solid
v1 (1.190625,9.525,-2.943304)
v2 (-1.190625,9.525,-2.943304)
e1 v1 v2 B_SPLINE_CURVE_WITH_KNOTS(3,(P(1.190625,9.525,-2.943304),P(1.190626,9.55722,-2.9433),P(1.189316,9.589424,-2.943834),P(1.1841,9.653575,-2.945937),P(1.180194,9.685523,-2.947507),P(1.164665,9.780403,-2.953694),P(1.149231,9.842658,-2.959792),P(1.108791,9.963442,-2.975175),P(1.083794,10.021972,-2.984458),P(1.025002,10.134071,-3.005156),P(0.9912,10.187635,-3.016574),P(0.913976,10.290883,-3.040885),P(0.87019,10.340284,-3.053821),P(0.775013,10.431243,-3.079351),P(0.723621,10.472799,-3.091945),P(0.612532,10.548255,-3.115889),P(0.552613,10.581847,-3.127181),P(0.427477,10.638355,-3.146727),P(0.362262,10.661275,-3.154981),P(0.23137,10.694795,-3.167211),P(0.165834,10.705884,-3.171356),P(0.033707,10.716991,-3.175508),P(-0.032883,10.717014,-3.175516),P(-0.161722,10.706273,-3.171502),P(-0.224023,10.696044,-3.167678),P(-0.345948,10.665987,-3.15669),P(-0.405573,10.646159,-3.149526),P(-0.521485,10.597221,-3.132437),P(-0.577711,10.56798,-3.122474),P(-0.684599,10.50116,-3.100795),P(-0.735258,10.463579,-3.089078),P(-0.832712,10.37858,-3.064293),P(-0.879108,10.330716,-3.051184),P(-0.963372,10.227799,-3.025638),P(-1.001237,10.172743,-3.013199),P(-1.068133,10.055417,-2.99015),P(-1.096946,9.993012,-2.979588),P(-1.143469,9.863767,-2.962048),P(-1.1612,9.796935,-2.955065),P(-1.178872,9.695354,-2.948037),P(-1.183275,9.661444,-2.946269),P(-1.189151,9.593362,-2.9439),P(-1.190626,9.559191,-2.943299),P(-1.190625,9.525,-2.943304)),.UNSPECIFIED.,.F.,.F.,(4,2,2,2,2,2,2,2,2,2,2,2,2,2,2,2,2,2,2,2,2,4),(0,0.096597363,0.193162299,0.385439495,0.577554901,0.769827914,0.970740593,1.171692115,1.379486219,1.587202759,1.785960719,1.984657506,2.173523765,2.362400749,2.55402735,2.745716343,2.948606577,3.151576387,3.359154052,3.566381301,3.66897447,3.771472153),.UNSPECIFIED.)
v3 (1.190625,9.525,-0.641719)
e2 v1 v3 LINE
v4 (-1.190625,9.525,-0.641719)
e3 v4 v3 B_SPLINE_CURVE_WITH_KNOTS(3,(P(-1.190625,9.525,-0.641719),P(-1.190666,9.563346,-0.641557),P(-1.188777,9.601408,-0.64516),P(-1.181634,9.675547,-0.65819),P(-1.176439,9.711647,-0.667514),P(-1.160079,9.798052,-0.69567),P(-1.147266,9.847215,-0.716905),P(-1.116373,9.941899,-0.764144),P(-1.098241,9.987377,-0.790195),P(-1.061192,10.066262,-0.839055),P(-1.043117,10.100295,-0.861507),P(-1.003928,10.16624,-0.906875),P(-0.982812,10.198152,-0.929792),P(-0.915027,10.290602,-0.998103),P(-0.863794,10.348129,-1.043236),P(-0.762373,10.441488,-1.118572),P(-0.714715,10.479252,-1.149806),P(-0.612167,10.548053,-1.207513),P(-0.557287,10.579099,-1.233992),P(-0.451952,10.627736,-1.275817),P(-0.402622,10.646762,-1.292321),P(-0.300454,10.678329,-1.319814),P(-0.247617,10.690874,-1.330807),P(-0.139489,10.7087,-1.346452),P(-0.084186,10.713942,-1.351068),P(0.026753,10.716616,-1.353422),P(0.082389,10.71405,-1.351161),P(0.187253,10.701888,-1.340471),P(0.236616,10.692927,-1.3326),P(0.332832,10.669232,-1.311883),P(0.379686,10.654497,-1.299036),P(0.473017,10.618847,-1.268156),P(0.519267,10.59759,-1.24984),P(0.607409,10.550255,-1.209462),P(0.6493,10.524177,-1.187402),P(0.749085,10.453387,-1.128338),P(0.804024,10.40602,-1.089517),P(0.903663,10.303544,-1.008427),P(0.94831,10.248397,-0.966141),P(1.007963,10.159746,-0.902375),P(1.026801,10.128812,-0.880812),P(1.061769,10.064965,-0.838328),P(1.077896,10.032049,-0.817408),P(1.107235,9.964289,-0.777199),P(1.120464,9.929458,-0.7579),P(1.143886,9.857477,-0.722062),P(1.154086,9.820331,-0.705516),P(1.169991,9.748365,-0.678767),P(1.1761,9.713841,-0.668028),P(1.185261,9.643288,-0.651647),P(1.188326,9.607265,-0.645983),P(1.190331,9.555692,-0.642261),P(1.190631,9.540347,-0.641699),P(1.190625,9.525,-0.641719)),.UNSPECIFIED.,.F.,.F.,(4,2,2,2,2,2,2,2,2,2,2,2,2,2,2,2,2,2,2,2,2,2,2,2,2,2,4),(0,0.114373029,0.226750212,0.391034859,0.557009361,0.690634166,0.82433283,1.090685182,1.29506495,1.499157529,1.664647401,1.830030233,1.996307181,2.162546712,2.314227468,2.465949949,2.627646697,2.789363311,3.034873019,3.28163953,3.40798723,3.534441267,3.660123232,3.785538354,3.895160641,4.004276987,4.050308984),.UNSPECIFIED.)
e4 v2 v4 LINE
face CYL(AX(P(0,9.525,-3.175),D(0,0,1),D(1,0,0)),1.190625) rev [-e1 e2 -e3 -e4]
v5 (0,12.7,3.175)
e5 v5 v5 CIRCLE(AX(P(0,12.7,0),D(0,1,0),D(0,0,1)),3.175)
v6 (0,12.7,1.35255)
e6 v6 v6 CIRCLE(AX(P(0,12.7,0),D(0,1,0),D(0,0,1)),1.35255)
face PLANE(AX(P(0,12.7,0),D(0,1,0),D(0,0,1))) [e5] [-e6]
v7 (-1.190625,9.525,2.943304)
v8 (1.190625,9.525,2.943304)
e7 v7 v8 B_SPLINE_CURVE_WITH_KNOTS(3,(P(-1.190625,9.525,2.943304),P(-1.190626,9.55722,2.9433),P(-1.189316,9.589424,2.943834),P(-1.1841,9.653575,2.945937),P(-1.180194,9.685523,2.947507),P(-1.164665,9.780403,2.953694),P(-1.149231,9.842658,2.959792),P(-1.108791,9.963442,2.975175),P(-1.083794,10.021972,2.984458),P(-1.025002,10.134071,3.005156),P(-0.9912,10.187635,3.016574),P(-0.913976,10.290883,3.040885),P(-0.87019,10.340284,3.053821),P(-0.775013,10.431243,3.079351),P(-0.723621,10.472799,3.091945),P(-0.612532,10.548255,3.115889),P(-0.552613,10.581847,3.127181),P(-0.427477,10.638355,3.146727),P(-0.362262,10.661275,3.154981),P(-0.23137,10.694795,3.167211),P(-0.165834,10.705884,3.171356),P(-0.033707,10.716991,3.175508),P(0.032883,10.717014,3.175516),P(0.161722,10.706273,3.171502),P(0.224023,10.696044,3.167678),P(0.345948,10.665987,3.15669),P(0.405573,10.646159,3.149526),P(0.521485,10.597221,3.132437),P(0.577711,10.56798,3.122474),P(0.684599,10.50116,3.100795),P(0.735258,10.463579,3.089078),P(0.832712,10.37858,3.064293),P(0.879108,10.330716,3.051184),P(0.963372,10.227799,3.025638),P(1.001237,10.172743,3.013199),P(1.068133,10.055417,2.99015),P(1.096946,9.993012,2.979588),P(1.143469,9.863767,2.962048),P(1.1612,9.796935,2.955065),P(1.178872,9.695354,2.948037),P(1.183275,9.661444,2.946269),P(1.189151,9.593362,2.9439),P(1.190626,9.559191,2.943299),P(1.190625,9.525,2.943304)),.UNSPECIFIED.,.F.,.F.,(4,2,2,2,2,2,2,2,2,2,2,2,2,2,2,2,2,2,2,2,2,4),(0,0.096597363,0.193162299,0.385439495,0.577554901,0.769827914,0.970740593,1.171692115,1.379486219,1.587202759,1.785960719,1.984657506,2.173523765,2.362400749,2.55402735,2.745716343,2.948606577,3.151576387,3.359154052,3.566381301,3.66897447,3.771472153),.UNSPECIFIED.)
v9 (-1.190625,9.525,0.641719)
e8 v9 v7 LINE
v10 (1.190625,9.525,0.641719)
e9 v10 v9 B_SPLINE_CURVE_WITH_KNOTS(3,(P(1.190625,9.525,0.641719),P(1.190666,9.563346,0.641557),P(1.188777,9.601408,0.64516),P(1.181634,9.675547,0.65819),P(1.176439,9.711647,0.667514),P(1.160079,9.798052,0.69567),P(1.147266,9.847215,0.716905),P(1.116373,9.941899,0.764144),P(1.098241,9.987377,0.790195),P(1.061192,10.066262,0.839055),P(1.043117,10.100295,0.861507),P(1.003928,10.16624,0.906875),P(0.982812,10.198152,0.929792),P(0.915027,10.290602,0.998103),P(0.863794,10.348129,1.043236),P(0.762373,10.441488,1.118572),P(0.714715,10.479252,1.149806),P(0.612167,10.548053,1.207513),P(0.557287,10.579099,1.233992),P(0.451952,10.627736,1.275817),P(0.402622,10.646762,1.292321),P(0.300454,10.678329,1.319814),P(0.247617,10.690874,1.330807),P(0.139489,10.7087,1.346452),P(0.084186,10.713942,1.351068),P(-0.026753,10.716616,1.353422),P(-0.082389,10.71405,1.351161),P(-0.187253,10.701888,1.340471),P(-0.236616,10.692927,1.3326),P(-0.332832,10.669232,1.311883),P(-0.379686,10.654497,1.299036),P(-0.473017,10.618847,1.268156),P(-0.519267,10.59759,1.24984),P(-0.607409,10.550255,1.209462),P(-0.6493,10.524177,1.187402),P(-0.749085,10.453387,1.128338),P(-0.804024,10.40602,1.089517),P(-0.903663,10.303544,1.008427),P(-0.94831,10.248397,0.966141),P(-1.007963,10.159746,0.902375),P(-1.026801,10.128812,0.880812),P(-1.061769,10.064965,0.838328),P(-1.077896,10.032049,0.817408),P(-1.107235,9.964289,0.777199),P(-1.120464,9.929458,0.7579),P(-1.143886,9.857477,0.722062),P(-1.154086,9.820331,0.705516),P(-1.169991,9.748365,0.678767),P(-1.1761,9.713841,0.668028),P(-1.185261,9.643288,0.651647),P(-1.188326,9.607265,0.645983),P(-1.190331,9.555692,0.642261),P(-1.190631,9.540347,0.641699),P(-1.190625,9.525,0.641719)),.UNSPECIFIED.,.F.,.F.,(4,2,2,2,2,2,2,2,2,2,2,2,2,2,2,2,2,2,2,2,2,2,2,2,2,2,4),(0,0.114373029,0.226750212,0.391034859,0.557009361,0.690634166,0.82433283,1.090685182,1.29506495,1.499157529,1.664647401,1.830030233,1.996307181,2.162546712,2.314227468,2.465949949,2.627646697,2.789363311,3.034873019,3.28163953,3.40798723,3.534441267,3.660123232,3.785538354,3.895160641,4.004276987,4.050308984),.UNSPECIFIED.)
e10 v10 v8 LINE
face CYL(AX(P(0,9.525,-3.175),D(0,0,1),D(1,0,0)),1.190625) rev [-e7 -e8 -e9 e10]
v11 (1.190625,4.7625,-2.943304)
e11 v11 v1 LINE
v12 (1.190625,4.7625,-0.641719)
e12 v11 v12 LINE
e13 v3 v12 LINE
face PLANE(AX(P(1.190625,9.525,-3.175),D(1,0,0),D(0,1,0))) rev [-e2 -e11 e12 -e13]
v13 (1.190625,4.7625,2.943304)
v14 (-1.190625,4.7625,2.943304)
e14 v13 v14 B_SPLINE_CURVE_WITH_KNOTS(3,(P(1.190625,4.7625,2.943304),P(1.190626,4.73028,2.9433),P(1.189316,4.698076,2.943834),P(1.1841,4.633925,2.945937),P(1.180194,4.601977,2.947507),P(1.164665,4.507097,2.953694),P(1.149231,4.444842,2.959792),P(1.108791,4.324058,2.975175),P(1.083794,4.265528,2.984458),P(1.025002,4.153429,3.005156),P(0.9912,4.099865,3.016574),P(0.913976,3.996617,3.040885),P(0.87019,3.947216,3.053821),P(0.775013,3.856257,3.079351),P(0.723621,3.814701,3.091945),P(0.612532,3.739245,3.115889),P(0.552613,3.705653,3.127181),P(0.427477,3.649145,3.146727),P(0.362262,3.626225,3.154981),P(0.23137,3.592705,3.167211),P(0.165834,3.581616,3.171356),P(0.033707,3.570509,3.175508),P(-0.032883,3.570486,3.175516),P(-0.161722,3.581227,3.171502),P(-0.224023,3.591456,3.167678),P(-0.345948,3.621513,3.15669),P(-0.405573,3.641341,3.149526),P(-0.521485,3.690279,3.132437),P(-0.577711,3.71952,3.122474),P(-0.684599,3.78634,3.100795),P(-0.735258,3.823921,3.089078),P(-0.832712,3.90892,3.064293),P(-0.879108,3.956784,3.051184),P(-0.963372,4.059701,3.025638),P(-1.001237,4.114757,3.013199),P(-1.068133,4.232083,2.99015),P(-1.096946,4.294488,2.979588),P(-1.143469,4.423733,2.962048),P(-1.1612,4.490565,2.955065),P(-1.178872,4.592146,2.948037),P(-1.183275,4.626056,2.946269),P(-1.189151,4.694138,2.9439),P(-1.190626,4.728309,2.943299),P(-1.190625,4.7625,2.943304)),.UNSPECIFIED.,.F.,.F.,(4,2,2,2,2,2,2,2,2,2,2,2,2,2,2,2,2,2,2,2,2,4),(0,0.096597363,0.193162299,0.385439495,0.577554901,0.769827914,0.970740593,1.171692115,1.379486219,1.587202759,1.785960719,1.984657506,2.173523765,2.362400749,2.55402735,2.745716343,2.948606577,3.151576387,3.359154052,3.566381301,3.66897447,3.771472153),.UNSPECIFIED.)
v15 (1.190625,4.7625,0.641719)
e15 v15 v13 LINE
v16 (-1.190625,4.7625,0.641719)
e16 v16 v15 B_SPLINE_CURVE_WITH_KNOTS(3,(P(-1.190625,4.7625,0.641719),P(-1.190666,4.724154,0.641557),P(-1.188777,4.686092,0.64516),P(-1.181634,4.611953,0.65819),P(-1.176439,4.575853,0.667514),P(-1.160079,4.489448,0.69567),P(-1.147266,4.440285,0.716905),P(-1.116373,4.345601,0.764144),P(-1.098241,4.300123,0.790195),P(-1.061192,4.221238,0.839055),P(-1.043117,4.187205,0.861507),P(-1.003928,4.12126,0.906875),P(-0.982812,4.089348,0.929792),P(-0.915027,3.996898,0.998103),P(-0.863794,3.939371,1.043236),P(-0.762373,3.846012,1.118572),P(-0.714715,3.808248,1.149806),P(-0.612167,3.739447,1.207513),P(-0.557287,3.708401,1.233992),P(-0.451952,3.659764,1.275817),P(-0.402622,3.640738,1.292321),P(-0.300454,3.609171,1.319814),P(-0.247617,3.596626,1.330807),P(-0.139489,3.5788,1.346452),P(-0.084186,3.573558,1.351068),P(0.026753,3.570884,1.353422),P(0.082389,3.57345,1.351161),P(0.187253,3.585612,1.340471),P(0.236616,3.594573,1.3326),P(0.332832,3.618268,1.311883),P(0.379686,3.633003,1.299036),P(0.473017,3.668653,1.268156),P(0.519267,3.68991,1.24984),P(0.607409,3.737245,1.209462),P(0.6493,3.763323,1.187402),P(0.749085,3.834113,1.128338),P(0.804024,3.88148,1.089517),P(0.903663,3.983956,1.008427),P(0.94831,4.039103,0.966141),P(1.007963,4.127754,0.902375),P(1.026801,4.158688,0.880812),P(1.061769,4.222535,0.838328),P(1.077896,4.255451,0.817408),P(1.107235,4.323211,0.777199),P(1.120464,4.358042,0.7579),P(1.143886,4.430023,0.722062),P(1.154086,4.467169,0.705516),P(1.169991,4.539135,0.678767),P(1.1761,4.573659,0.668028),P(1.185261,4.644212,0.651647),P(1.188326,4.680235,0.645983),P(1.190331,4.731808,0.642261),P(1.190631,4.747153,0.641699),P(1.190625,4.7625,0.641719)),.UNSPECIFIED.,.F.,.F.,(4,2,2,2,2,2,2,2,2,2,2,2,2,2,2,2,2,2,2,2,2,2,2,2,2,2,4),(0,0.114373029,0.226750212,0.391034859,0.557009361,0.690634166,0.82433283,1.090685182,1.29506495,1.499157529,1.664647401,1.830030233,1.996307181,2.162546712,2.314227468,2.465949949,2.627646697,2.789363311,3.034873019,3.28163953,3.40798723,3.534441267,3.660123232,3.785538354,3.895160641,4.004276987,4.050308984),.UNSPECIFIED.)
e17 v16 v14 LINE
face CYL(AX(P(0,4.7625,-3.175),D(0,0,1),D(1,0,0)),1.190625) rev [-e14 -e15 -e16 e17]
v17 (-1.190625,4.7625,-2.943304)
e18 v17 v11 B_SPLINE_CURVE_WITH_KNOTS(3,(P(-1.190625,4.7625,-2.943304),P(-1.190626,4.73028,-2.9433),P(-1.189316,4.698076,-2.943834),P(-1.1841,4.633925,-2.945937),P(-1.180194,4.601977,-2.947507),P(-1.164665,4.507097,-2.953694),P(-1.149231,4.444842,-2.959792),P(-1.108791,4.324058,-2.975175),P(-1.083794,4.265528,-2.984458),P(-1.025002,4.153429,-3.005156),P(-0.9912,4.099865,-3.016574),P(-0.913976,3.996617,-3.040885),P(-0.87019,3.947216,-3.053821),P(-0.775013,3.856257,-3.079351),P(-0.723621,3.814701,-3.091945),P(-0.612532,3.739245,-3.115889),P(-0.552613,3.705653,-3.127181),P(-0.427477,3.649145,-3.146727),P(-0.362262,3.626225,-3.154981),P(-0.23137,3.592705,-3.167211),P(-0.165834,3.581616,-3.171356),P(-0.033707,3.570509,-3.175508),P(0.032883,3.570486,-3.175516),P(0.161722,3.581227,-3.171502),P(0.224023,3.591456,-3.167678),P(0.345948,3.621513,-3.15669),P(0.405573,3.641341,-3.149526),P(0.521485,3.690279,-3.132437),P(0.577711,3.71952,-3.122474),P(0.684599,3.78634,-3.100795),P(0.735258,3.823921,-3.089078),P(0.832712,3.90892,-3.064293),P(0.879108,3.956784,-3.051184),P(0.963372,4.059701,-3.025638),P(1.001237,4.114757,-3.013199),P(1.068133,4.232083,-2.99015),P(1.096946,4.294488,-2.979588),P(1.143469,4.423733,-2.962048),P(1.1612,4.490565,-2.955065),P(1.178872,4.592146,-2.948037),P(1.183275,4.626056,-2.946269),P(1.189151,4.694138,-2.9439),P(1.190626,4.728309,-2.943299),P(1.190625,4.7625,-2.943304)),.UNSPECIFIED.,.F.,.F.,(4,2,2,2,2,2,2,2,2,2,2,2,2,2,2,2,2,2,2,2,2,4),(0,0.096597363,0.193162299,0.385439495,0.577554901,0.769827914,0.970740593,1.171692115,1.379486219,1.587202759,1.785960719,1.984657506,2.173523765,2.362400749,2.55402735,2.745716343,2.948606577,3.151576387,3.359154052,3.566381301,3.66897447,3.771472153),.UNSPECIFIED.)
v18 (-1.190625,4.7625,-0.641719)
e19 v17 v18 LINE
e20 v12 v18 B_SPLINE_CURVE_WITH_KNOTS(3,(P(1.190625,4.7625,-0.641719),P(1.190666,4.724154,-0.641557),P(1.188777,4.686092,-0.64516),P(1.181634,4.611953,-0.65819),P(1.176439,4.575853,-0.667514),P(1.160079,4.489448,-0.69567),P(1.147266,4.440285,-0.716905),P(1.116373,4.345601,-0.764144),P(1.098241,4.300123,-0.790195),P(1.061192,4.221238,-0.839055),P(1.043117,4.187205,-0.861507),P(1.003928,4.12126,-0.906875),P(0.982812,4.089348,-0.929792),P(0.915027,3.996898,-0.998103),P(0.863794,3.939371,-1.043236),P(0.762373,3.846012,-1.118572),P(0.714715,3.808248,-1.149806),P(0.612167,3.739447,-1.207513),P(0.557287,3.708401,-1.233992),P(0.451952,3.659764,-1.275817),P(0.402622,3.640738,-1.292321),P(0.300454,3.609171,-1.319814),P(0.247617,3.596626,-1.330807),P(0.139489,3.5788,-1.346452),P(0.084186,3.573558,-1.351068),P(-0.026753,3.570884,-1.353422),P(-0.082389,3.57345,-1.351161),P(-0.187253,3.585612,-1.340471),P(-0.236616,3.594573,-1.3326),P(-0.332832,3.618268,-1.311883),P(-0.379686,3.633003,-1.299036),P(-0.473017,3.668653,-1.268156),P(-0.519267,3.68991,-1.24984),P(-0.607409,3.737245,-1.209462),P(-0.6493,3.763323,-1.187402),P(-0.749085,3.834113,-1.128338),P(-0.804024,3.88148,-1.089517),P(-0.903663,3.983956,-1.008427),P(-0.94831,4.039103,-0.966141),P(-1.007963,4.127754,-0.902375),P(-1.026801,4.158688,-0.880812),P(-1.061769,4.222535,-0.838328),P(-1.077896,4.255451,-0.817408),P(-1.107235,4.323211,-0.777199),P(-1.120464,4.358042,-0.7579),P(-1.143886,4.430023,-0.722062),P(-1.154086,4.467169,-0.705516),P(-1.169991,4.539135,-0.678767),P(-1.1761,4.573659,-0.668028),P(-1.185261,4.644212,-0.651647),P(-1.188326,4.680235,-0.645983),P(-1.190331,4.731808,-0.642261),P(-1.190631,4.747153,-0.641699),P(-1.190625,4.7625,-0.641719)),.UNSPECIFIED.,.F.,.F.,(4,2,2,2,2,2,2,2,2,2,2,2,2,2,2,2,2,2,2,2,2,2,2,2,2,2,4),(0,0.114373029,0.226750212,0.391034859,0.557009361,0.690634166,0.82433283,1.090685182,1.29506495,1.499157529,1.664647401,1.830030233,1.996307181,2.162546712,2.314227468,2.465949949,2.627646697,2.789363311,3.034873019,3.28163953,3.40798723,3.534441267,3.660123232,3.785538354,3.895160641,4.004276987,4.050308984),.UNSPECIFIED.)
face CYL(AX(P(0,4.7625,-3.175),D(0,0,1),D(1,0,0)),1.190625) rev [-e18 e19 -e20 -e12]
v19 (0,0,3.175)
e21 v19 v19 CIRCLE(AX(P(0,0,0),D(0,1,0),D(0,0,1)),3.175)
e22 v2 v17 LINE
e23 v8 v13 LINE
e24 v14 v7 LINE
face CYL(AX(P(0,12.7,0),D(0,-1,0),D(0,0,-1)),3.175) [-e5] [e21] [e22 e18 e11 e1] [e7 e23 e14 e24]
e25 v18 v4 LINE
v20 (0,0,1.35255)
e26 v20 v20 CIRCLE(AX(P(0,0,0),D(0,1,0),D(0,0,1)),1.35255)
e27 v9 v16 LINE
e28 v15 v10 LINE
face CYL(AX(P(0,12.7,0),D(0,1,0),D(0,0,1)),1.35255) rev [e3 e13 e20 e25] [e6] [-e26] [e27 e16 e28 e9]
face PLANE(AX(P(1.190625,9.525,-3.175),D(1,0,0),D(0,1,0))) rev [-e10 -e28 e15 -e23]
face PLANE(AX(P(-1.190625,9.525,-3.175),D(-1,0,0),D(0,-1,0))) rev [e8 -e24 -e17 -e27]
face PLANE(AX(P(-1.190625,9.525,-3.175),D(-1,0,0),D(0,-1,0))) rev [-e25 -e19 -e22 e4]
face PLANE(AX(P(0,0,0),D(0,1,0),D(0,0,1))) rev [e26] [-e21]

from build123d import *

# Parameters (mm, degrees)
SKETCH1_R                 = 3.175
BOSS_EXTRUDE1_DEPTH       = 12.7
TAP_DRILL_FOR_6_32_TAP1_D = 2.7051
CUT_EXTRUDE1_DEPTH        = 14.470384182
CUT_EXTRUDE1_DEPTH_BACK   = 14.470384182


with BuildPart() as part:
    # Sketch1 → Boss-Extrude1 (new body)
    with BuildSketch(Plane(origin=(0, 0, 0), x_dir=(1, 0, 0), z_dir=(0, 1, 0))):
        with Locations(Location((0, 0, 0), (0, 0, 270))):
            Circle(SKETCH1_R)
    extrude(amount=BOSS_EXTRUDE1_DEPTH)

    # Tap Drill for #6-32 Tap1 (through all)
    with Locations(Plane(origin=(0, 12.7, 0), x_dir=(1, 0, 0), z_dir=(0, 1, 0))):
        with Locations((0, 0)):
            Hole(TAP_DRILL_FOR_6_32_TAP1_D / 2)

    # Sketch4 → Cut-Extrude1 (cut, two sides: drawn at the far end of the back side and taken through both)
    with BuildSketch(Plane.XY.offset(-CUT_EXTRUDE1_DEPTH_BACK)):
        with BuildLine():
            Line((1.190625, 9.525), (1.190625, 4.7625))
            ThreePointArc((1.190625, 4.7625), (0, 3.571875), (-1.190625, 4.7625))
            Line((-1.190625, 4.7625), (-1.190625, 9.525))
            ThreePointArc((-1.190625, 9.525), (0, 10.715625), (1.190625, 9.525))
        make_face()
    extrude(amount=CUT_EXTRUDE1_DEPTH + CUT_EXTRUDE1_DEPTH_BACK, mode=Mode.SUBTRACT)


solid = part.part
